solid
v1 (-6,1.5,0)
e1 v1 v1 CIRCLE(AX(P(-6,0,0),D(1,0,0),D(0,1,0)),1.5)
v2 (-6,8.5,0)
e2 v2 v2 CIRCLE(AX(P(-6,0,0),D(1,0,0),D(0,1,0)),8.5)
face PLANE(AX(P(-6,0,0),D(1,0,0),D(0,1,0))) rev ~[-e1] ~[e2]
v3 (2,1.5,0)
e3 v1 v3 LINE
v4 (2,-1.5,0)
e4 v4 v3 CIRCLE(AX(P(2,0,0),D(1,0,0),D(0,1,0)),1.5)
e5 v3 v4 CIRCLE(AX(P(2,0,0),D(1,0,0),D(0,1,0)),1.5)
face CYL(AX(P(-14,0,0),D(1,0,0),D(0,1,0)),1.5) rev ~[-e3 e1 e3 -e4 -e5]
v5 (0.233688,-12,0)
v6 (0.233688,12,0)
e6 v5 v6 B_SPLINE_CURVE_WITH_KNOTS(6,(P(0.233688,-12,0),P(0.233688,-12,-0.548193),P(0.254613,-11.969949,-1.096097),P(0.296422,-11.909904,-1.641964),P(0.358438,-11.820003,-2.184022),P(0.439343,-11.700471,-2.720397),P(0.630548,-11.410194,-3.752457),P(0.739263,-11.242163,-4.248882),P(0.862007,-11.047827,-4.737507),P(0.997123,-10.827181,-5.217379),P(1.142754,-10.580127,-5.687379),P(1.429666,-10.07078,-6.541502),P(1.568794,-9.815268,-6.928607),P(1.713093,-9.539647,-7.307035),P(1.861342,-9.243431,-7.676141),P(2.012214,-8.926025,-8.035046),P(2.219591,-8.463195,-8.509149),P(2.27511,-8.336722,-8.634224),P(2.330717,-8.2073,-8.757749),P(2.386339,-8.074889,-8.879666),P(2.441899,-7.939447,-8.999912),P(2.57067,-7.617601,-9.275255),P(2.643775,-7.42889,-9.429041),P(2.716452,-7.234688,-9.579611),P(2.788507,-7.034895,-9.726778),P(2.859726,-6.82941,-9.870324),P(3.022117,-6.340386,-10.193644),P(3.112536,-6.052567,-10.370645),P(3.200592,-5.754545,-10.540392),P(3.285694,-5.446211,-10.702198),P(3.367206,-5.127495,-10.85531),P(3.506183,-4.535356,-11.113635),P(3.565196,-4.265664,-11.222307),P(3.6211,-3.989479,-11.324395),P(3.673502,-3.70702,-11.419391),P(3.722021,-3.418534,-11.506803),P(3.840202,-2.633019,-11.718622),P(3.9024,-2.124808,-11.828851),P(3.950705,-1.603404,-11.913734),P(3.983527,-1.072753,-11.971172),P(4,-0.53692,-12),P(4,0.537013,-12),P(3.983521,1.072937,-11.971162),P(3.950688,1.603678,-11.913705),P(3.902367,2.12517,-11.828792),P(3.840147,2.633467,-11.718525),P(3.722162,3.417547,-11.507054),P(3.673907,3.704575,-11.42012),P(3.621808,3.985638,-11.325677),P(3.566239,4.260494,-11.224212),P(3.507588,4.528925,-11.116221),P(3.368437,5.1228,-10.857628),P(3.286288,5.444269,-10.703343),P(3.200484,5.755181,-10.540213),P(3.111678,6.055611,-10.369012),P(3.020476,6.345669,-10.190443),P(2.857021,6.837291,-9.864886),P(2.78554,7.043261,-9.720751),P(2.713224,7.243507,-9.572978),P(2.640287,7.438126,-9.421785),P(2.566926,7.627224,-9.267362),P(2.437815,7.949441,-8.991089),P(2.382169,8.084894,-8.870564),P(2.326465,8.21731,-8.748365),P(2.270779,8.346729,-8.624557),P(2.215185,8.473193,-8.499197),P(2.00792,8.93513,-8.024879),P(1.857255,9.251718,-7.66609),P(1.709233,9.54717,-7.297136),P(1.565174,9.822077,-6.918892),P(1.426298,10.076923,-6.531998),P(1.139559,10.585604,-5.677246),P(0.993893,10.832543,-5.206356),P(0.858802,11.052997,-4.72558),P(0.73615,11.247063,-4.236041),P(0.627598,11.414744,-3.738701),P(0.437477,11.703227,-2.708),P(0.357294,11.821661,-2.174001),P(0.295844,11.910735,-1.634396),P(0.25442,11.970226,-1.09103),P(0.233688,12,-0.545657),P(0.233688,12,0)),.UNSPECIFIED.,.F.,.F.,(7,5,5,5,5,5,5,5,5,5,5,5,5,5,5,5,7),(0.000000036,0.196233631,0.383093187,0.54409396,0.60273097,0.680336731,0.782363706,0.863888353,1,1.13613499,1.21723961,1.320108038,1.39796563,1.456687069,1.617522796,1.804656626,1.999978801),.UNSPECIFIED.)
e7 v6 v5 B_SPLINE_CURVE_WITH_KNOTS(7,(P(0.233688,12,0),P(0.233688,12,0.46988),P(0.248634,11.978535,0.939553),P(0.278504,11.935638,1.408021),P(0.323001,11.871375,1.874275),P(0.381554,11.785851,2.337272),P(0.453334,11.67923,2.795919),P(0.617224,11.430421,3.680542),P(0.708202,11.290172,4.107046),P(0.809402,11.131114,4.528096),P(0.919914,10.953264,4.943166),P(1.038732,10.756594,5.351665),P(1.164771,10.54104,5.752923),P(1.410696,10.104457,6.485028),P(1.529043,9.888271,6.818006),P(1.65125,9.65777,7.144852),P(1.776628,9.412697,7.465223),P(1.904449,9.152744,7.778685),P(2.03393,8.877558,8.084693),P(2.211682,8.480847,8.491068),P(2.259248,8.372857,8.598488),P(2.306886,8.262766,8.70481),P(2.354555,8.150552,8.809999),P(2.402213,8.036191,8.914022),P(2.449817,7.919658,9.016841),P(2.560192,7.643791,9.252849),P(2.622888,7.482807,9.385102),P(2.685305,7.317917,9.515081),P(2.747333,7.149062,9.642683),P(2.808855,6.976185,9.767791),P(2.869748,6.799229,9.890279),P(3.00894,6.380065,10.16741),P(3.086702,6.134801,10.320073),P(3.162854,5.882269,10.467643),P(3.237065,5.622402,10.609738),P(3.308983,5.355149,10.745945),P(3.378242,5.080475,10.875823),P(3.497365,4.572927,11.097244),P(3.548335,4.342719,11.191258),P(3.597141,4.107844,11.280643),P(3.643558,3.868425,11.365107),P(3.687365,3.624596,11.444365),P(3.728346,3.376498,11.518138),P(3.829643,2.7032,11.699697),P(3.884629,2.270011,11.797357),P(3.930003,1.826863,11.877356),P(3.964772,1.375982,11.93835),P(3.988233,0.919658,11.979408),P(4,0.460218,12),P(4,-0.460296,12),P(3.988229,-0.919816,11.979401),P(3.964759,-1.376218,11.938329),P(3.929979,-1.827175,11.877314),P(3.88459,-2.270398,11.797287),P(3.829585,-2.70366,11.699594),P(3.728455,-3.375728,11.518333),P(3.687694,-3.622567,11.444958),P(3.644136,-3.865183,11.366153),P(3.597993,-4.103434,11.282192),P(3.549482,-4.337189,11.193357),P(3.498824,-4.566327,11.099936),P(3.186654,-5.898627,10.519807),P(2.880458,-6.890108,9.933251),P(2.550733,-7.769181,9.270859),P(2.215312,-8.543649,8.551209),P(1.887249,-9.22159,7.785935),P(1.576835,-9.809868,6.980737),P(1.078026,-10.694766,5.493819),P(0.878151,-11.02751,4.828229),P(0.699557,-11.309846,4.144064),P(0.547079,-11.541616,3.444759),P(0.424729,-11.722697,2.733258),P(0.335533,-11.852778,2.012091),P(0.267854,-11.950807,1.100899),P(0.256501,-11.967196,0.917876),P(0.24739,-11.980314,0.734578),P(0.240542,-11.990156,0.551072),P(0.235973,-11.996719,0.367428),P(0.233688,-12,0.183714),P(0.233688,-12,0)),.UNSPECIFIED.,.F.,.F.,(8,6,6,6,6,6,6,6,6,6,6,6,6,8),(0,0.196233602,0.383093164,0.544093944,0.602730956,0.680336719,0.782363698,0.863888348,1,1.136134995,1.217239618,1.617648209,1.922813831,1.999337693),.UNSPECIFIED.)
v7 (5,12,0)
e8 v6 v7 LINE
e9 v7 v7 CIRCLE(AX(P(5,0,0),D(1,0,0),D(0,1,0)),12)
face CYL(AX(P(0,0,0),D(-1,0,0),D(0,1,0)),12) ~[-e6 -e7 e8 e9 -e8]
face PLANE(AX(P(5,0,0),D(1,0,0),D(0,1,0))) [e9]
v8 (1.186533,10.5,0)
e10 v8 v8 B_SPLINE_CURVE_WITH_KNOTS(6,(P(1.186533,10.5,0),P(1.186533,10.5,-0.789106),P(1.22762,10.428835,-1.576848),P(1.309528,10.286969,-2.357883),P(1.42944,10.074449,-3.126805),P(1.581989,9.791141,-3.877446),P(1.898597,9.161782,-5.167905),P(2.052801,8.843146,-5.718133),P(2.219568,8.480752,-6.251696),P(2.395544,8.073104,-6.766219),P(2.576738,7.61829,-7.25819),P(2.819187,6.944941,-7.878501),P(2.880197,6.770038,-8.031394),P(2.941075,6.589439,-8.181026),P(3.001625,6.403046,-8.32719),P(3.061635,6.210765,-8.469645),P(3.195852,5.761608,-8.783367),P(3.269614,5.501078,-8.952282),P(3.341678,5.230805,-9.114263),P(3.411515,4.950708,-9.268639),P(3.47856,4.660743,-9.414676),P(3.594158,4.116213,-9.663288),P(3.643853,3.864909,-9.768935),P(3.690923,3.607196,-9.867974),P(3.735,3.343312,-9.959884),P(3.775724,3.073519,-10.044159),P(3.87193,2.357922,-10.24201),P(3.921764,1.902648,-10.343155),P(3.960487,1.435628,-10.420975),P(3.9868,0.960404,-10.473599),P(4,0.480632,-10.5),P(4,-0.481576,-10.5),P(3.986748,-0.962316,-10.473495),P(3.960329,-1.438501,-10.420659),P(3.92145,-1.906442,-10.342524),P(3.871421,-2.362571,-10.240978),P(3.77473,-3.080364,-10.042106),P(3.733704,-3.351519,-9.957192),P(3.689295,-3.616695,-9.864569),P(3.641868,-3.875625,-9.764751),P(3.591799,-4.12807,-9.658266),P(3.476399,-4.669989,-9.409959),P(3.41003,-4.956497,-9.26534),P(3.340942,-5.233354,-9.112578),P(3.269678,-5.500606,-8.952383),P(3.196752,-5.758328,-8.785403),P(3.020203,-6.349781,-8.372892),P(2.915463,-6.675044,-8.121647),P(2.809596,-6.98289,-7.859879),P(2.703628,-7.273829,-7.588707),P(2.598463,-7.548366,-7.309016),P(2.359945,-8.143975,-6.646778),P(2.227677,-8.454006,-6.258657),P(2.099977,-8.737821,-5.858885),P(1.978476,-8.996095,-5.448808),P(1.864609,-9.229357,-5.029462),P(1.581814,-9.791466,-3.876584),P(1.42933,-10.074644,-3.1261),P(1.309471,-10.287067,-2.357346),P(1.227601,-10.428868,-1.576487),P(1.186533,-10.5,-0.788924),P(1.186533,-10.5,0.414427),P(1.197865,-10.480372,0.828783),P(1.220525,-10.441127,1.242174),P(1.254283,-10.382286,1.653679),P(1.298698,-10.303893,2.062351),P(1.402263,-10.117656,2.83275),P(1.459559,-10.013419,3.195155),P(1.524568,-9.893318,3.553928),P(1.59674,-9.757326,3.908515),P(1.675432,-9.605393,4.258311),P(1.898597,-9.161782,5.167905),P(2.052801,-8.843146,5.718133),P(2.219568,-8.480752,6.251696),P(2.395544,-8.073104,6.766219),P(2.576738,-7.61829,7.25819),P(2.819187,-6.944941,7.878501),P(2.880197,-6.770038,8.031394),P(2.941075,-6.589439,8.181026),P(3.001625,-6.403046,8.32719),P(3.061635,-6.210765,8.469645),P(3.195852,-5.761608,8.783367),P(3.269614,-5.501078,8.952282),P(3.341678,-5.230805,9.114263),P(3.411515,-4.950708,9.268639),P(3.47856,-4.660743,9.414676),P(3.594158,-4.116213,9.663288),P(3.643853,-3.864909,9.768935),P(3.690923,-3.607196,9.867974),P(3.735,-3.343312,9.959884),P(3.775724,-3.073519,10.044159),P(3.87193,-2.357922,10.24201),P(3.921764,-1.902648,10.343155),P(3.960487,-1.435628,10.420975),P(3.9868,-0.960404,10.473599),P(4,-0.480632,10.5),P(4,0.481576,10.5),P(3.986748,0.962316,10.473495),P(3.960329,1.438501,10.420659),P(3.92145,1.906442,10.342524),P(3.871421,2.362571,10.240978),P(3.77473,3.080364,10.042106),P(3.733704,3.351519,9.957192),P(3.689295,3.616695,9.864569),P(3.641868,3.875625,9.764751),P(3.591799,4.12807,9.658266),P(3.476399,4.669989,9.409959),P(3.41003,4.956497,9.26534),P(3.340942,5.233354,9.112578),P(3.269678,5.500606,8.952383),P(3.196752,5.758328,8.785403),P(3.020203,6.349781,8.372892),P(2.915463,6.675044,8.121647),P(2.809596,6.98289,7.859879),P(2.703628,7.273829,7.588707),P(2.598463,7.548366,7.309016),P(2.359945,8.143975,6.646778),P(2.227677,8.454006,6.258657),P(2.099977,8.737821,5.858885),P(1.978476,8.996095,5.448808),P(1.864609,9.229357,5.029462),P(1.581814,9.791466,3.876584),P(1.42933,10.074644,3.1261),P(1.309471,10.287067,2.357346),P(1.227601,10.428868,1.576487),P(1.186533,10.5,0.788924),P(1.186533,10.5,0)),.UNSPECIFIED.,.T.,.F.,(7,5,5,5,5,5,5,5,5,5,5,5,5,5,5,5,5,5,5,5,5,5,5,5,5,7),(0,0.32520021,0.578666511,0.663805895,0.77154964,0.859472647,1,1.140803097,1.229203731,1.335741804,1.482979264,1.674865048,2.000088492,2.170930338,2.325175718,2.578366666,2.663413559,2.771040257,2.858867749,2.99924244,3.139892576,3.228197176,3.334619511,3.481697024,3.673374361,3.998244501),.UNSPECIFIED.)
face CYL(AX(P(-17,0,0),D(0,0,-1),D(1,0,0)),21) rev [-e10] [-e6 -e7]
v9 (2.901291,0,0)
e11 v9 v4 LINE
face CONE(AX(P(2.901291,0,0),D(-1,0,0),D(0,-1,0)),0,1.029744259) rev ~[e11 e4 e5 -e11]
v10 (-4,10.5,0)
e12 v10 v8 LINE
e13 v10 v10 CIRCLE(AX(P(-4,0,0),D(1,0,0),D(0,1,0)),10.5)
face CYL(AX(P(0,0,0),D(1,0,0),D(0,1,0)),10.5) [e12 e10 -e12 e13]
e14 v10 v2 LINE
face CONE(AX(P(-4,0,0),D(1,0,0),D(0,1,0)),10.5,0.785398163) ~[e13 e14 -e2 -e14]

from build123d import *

# Parameters (mm, degrees)
F0_R          = 12
F1_DEPTH      = 5
F2_R          = 21
F3_DEPTH      = 12.001
F3_DEPTH_BACK = 12.001
F4_R          = 10.5
F5_DEPTH      = 6
F5_DEPTH_BACK = 4
F6_SIZE       = 2
F8_D          = 3
F8_DEPTH      = 8
F8_TIP        = 0.9012909285


with BuildPart() as f1:
    # F0 (on Right) → F1 (new body)
    with BuildSketch(Plane.YZ):
        Circle(F0_R)
    extrude(amount=F1_DEPTH)

    # F2 (on Top) → F3 (cut, two sides)
    with BuildSketch(Plane.XY) as f3_sk:
        with Locations((-17, 0)):
            Circle(F2_R)
    extrude(amount=-F3_DEPTH, mode=Mode.SUBTRACT)
    extrude(f3_sk.sketch, amount=F3_DEPTH_BACK, mode=Mode.SUBTRACT)

    # F4 (on Right) → F5 (join, two sides)
    with BuildSketch(Plane.YZ) as f5_sk:
        Circle(F4_R)
    extrude(amount=-F5_DEPTH)
    extrude(f5_sk.sketch, amount=F5_DEPTH_BACK)

    # F6
    f6_edges = [f1.edges().sort_by_distance(p)[0] for p in [
        (-6, -10.5, 0),
    ]]
    chamfer(f6_edges, length=F6_SIZE)

    # F8
    with Locations(Plane(origin=(-6, 0, 0), x_dir=(0, -1, 0), z_dir=(-1, 0, 0))):
        with Locations((0, 0)):
            Hole(F8_D / 2, depth=F8_DEPTH)
            with Locations((0, 0, -(F8_DEPTH + F8_TIP / 2))):  # 118° drill point
                Cone(0, F8_D / 2, F8_TIP, mode=Mode.SUBTRACT)


solid = f1.part
